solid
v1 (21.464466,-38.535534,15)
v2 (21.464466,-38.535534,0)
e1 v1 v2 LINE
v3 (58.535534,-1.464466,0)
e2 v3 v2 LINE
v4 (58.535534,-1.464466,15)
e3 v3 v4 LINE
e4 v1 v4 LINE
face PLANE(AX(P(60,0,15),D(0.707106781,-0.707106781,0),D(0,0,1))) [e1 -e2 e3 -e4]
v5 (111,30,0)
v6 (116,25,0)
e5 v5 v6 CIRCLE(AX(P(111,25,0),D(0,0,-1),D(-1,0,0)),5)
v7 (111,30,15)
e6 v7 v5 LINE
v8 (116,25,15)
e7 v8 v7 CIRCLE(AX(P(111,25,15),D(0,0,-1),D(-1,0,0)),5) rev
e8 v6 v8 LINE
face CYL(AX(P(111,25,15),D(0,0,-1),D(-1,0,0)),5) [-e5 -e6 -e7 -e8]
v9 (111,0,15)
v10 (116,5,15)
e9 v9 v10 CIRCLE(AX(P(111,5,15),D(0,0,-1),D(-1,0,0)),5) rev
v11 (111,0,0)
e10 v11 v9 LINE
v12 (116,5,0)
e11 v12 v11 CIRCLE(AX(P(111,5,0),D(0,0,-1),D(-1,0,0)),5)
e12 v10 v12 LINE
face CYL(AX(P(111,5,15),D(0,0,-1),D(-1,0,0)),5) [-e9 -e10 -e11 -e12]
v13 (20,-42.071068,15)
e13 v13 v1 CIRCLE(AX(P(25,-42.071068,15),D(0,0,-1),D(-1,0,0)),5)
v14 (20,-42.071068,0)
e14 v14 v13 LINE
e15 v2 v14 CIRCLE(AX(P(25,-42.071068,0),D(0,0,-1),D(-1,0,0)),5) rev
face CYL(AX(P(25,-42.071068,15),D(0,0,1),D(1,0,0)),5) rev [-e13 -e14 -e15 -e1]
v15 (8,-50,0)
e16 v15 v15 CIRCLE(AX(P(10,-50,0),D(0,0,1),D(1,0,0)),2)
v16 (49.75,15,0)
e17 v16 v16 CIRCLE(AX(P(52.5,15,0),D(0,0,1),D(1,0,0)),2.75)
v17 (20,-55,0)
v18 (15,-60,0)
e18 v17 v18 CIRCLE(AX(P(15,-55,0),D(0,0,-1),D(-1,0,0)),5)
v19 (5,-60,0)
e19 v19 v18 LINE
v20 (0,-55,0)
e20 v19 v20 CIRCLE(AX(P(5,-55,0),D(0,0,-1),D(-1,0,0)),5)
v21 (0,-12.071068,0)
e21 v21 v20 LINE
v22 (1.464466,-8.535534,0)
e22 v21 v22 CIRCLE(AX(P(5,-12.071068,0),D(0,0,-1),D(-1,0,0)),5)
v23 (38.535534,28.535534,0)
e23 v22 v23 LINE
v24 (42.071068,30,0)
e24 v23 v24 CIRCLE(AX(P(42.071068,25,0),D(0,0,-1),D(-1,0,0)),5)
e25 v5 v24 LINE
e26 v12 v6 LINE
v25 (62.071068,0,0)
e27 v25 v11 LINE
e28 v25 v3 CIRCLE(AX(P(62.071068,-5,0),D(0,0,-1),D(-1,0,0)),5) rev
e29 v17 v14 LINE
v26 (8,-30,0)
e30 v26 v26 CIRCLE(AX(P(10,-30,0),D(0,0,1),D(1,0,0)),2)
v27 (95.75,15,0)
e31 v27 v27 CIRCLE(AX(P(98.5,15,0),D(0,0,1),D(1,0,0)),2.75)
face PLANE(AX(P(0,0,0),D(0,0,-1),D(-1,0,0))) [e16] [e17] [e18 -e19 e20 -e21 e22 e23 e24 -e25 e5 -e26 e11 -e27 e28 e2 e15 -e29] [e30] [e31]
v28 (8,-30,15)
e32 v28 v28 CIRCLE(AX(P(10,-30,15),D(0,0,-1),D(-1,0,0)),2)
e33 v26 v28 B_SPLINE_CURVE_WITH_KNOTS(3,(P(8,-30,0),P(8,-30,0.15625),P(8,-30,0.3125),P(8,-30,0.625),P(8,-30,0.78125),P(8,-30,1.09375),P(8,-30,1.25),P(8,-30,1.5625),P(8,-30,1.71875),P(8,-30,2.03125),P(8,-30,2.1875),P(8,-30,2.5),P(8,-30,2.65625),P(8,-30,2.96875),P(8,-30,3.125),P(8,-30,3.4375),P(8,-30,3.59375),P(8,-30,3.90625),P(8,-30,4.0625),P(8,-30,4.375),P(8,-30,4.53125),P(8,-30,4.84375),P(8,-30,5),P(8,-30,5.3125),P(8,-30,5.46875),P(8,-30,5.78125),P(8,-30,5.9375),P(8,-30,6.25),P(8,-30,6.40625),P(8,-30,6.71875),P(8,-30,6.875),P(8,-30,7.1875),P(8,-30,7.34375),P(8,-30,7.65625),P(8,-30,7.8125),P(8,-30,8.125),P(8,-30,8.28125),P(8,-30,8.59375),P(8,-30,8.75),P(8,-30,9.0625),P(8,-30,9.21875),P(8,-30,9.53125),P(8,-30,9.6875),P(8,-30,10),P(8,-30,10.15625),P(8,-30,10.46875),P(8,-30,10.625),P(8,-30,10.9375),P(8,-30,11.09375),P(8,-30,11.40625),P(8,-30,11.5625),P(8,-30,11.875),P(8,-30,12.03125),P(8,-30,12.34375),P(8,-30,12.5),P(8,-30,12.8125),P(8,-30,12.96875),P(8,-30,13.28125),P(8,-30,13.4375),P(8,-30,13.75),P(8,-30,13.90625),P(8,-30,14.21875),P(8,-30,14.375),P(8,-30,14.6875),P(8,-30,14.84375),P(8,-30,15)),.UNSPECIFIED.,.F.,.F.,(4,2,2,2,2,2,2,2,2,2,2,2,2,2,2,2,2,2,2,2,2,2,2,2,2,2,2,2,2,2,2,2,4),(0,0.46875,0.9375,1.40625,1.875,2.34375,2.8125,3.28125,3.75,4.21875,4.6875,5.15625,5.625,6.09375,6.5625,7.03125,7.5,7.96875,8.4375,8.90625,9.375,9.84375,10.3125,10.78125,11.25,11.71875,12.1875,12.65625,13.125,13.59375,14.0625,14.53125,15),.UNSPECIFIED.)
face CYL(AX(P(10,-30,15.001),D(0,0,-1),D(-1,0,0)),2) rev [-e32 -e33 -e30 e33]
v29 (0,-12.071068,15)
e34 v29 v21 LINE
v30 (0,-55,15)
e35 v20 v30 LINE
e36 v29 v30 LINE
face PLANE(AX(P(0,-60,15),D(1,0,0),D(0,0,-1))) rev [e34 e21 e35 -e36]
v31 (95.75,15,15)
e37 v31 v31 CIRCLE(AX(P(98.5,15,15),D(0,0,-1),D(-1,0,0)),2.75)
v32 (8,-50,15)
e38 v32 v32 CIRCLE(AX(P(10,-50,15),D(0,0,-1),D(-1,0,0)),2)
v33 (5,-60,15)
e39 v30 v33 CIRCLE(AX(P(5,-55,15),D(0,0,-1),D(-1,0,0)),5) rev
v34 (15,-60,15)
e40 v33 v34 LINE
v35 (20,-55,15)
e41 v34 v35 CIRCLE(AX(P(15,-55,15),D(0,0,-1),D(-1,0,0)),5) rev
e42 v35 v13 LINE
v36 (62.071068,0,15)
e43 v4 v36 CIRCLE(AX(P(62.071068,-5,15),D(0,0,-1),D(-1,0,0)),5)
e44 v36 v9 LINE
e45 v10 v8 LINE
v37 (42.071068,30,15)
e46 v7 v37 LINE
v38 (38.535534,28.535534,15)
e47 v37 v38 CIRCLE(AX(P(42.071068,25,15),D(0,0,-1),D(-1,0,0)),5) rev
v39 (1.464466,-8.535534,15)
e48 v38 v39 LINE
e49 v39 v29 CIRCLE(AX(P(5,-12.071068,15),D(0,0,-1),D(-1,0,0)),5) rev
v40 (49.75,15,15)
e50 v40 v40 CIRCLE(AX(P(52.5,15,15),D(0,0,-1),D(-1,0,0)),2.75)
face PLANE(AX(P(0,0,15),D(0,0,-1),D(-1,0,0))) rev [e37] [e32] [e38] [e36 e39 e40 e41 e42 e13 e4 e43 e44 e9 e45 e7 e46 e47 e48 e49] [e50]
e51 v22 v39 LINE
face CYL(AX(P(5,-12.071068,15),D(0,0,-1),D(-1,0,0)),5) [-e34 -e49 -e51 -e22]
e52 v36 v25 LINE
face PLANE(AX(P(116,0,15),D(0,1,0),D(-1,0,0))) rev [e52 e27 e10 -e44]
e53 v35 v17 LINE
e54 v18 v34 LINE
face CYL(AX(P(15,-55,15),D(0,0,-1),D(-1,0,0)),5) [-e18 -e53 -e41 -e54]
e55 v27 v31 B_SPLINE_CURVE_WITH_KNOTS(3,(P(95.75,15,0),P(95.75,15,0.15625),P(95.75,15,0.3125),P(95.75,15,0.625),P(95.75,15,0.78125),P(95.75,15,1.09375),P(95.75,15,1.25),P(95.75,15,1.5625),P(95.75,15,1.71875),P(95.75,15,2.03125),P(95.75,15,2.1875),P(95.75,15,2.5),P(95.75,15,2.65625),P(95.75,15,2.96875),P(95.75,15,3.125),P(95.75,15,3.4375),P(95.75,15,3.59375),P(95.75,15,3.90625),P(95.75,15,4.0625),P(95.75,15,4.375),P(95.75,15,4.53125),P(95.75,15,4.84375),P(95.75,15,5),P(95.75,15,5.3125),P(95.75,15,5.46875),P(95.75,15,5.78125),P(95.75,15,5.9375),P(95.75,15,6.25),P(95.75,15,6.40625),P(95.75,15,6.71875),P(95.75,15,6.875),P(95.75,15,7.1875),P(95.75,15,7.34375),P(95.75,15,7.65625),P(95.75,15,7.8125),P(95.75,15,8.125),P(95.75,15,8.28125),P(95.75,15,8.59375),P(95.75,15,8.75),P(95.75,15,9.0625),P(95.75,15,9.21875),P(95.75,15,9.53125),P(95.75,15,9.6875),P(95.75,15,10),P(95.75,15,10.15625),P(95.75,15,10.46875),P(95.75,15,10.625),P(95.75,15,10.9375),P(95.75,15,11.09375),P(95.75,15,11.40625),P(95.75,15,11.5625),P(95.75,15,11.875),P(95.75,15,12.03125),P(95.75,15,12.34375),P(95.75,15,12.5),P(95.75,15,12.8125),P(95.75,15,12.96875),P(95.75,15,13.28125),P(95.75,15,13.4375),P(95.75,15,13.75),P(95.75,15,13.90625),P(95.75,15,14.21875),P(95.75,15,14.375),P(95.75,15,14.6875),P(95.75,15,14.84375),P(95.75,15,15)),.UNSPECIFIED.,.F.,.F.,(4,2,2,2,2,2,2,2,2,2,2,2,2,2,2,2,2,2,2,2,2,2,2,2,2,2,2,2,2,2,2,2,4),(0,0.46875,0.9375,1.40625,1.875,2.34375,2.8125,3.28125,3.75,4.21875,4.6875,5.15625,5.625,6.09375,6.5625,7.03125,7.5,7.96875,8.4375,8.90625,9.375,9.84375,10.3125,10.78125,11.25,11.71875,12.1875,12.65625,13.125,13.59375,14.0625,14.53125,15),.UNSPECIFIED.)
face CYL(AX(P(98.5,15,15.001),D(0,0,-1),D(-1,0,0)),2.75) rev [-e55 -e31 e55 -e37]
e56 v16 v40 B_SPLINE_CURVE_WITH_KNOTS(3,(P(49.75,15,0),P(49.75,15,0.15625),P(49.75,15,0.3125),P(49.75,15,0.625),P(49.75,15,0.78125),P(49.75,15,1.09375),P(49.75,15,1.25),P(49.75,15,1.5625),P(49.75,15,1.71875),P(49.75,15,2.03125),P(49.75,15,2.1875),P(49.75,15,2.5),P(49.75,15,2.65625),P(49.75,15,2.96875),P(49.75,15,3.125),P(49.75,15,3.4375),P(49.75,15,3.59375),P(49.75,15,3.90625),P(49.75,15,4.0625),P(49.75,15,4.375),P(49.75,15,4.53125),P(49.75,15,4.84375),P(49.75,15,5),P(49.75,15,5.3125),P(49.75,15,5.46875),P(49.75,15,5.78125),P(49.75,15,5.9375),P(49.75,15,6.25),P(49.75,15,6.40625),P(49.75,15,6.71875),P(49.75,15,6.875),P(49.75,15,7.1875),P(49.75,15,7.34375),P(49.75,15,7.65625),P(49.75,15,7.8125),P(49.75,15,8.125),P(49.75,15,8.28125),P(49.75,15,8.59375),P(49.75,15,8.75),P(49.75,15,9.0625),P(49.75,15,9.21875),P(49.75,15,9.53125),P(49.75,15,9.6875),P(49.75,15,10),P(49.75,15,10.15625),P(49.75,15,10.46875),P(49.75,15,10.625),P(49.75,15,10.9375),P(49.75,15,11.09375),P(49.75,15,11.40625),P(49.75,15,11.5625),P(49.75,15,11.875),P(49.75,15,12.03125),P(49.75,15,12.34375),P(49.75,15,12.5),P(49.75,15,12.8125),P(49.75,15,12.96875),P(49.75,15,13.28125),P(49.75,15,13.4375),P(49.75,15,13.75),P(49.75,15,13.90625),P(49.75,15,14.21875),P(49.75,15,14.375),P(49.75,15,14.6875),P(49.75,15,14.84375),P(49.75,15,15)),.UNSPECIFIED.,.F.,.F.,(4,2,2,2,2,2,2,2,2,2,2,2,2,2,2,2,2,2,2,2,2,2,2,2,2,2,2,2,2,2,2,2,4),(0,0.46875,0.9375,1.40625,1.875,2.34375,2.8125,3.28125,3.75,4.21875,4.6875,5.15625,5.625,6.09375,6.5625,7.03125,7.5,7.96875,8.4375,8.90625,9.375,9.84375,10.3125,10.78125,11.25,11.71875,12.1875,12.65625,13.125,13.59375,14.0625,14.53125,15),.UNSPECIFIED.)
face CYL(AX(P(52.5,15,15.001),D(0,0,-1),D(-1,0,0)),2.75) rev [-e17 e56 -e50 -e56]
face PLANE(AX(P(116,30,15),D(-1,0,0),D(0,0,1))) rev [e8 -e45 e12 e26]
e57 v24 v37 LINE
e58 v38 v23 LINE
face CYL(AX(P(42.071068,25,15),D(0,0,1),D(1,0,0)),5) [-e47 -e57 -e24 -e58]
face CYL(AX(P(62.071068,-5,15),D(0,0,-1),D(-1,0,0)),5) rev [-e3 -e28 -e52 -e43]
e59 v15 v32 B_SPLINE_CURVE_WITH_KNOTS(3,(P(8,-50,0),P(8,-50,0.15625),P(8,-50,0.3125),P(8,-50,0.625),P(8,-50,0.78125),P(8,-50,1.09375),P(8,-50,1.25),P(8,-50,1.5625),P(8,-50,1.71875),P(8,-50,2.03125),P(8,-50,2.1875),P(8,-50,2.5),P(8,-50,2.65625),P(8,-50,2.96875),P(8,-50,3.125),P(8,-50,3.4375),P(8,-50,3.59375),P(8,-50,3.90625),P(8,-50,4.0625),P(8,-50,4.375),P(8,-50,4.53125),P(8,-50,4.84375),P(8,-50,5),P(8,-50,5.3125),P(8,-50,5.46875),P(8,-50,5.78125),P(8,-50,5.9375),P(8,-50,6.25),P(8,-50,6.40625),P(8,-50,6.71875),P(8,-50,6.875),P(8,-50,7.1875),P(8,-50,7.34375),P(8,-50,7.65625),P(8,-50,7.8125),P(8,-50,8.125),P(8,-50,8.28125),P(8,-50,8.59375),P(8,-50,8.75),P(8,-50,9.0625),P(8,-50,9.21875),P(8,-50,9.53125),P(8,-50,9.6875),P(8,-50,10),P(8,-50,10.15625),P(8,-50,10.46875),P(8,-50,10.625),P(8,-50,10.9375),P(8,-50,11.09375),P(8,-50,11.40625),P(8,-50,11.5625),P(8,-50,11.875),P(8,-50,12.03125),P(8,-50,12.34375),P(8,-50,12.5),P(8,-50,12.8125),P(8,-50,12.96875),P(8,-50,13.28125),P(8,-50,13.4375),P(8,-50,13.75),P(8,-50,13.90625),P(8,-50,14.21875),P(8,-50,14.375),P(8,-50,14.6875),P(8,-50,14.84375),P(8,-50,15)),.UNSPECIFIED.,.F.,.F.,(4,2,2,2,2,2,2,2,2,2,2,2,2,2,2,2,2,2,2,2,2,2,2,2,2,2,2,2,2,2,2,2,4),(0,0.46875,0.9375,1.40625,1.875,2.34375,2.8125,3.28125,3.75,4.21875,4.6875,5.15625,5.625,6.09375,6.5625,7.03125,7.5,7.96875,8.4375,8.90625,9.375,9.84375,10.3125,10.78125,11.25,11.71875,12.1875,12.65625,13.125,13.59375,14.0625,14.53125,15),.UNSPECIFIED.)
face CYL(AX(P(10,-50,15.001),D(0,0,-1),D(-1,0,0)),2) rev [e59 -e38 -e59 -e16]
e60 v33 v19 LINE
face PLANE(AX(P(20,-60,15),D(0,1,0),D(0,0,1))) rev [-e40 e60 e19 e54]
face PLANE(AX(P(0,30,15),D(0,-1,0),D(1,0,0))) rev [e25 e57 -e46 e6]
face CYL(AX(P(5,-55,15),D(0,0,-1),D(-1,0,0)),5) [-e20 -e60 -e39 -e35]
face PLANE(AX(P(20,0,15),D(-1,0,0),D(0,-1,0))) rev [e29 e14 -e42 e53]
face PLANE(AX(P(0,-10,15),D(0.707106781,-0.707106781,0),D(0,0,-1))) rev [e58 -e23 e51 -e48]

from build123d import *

# Parameters (mm, degrees)
BOSS_EXTRUDE1_DEPTH = 15
CUT_EXTRUDE3_REACH  = 133.457
SKETCH2_R           = 2
SKETCH2_R_2         = 2.75
CHAMFER1_SIZE       = 40
FILLET1_R           = 5


with BuildPart() as part:
    # Sketch1 → Boss-Extrude1 (new body)
    with BuildSketch(Plane.XY):
        Polygon((0, -60), (0, 30), (116, 30), (116, 0), (20, 0), (20, -60), align=None)
    extrude(amount=BOSS_EXTRUDE1_DEPTH)

    # Sketch2 → Cut-Extrude3 (cut, up to next)
    with BuildSketch(Plane.XY, mode=Mode.PRIVATE) as cut_extrude3_sk1:
        with Locations(Location((10, -50, 0), (0, 0, 180))):
            Circle(SKETCH2_R)
    cut_extrude3_tool1 = extrude(cut_extrude3_sk1.sketch, amount=CUT_EXTRUDE3_REACH, mode=Mode.PRIVATE) & part.part
    # Sketch2 → Cut-Extrude3 (cut, up to next)
    with BuildSketch(Plane.XY, mode=Mode.PRIVATE) as cut_extrude3_sk2:
        with Locations(Location((10, -30, 0), (0, 0, 180))):
            Circle(SKETCH2_R)
    cut_extrude3_tool2 = extrude(cut_extrude3_sk2.sketch, amount=CUT_EXTRUDE3_REACH, mode=Mode.PRIVATE) & part.part
    # Sketch2 → Cut-Extrude3 (cut, up to next)
    with BuildSketch(Plane.XY, mode=Mode.PRIVATE) as cut_extrude3_sk3:
        with Locations(Location((52.5, 15, 0), (0, 0, 180))):
            Circle(SKETCH2_R_2)
    cut_extrude3_tool3 = extrude(cut_extrude3_sk3.sketch, amount=CUT_EXTRUDE3_REACH, mode=Mode.PRIVATE) & part.part
    # Sketch2 → Cut-Extrude3 (cut, up to next)
    with BuildSketch(Plane.XY, mode=Mode.PRIVATE) as cut_extrude3_sk4:
        with Locations(Location((98.5, 15, 0), (0, 0, 180))):
            Circle(SKETCH2_R_2)
    cut_extrude3_tool4 = extrude(cut_extrude3_sk4.sketch, amount=CUT_EXTRUDE3_REACH, mode=Mode.PRIVATE) & part.part
    add(cut_extrude3_tool1.solids().sort_by_distance((10, -50, 0))[0], mode=Mode.SUBTRACT)
    add(cut_extrude3_tool2.solids().sort_by_distance((10, -30, 0))[0], mode=Mode.SUBTRACT)
    add(cut_extrude3_tool3.solids().sort_by_distance((52.5, 15, 0))[0], mode=Mode.SUBTRACT)
    add(cut_extrude3_tool4.solids().sort_by_distance((98.5, 15, 0))[0], mode=Mode.SUBTRACT)

    # Chamfer1
    chamfer1_edges = [part.edges().sort_by_distance(p)[0] for p in [
        (0, 30, 7.5),
        (20, 0, 7.5),
    ]]
    chamfer(chamfer1_edges, length=CHAMFER1_SIZE)

    # Fillet1
    fillet1_edges = [part.edges().sort_by_distance(p)[0] for p in [
        (0, -60, 7.5),
        (116, 30, 7.5),
        (116, 0, 7.5),
        (20, -60, 7.5),
        (0, -10, 7.5),
        (40, 30, 7.5),
        (60, 0, 7.5),
        (20, -40, 7.5),
    ]]
    fillet(fillet1_edges, radius=FILLET1_R)


solid = part.part
